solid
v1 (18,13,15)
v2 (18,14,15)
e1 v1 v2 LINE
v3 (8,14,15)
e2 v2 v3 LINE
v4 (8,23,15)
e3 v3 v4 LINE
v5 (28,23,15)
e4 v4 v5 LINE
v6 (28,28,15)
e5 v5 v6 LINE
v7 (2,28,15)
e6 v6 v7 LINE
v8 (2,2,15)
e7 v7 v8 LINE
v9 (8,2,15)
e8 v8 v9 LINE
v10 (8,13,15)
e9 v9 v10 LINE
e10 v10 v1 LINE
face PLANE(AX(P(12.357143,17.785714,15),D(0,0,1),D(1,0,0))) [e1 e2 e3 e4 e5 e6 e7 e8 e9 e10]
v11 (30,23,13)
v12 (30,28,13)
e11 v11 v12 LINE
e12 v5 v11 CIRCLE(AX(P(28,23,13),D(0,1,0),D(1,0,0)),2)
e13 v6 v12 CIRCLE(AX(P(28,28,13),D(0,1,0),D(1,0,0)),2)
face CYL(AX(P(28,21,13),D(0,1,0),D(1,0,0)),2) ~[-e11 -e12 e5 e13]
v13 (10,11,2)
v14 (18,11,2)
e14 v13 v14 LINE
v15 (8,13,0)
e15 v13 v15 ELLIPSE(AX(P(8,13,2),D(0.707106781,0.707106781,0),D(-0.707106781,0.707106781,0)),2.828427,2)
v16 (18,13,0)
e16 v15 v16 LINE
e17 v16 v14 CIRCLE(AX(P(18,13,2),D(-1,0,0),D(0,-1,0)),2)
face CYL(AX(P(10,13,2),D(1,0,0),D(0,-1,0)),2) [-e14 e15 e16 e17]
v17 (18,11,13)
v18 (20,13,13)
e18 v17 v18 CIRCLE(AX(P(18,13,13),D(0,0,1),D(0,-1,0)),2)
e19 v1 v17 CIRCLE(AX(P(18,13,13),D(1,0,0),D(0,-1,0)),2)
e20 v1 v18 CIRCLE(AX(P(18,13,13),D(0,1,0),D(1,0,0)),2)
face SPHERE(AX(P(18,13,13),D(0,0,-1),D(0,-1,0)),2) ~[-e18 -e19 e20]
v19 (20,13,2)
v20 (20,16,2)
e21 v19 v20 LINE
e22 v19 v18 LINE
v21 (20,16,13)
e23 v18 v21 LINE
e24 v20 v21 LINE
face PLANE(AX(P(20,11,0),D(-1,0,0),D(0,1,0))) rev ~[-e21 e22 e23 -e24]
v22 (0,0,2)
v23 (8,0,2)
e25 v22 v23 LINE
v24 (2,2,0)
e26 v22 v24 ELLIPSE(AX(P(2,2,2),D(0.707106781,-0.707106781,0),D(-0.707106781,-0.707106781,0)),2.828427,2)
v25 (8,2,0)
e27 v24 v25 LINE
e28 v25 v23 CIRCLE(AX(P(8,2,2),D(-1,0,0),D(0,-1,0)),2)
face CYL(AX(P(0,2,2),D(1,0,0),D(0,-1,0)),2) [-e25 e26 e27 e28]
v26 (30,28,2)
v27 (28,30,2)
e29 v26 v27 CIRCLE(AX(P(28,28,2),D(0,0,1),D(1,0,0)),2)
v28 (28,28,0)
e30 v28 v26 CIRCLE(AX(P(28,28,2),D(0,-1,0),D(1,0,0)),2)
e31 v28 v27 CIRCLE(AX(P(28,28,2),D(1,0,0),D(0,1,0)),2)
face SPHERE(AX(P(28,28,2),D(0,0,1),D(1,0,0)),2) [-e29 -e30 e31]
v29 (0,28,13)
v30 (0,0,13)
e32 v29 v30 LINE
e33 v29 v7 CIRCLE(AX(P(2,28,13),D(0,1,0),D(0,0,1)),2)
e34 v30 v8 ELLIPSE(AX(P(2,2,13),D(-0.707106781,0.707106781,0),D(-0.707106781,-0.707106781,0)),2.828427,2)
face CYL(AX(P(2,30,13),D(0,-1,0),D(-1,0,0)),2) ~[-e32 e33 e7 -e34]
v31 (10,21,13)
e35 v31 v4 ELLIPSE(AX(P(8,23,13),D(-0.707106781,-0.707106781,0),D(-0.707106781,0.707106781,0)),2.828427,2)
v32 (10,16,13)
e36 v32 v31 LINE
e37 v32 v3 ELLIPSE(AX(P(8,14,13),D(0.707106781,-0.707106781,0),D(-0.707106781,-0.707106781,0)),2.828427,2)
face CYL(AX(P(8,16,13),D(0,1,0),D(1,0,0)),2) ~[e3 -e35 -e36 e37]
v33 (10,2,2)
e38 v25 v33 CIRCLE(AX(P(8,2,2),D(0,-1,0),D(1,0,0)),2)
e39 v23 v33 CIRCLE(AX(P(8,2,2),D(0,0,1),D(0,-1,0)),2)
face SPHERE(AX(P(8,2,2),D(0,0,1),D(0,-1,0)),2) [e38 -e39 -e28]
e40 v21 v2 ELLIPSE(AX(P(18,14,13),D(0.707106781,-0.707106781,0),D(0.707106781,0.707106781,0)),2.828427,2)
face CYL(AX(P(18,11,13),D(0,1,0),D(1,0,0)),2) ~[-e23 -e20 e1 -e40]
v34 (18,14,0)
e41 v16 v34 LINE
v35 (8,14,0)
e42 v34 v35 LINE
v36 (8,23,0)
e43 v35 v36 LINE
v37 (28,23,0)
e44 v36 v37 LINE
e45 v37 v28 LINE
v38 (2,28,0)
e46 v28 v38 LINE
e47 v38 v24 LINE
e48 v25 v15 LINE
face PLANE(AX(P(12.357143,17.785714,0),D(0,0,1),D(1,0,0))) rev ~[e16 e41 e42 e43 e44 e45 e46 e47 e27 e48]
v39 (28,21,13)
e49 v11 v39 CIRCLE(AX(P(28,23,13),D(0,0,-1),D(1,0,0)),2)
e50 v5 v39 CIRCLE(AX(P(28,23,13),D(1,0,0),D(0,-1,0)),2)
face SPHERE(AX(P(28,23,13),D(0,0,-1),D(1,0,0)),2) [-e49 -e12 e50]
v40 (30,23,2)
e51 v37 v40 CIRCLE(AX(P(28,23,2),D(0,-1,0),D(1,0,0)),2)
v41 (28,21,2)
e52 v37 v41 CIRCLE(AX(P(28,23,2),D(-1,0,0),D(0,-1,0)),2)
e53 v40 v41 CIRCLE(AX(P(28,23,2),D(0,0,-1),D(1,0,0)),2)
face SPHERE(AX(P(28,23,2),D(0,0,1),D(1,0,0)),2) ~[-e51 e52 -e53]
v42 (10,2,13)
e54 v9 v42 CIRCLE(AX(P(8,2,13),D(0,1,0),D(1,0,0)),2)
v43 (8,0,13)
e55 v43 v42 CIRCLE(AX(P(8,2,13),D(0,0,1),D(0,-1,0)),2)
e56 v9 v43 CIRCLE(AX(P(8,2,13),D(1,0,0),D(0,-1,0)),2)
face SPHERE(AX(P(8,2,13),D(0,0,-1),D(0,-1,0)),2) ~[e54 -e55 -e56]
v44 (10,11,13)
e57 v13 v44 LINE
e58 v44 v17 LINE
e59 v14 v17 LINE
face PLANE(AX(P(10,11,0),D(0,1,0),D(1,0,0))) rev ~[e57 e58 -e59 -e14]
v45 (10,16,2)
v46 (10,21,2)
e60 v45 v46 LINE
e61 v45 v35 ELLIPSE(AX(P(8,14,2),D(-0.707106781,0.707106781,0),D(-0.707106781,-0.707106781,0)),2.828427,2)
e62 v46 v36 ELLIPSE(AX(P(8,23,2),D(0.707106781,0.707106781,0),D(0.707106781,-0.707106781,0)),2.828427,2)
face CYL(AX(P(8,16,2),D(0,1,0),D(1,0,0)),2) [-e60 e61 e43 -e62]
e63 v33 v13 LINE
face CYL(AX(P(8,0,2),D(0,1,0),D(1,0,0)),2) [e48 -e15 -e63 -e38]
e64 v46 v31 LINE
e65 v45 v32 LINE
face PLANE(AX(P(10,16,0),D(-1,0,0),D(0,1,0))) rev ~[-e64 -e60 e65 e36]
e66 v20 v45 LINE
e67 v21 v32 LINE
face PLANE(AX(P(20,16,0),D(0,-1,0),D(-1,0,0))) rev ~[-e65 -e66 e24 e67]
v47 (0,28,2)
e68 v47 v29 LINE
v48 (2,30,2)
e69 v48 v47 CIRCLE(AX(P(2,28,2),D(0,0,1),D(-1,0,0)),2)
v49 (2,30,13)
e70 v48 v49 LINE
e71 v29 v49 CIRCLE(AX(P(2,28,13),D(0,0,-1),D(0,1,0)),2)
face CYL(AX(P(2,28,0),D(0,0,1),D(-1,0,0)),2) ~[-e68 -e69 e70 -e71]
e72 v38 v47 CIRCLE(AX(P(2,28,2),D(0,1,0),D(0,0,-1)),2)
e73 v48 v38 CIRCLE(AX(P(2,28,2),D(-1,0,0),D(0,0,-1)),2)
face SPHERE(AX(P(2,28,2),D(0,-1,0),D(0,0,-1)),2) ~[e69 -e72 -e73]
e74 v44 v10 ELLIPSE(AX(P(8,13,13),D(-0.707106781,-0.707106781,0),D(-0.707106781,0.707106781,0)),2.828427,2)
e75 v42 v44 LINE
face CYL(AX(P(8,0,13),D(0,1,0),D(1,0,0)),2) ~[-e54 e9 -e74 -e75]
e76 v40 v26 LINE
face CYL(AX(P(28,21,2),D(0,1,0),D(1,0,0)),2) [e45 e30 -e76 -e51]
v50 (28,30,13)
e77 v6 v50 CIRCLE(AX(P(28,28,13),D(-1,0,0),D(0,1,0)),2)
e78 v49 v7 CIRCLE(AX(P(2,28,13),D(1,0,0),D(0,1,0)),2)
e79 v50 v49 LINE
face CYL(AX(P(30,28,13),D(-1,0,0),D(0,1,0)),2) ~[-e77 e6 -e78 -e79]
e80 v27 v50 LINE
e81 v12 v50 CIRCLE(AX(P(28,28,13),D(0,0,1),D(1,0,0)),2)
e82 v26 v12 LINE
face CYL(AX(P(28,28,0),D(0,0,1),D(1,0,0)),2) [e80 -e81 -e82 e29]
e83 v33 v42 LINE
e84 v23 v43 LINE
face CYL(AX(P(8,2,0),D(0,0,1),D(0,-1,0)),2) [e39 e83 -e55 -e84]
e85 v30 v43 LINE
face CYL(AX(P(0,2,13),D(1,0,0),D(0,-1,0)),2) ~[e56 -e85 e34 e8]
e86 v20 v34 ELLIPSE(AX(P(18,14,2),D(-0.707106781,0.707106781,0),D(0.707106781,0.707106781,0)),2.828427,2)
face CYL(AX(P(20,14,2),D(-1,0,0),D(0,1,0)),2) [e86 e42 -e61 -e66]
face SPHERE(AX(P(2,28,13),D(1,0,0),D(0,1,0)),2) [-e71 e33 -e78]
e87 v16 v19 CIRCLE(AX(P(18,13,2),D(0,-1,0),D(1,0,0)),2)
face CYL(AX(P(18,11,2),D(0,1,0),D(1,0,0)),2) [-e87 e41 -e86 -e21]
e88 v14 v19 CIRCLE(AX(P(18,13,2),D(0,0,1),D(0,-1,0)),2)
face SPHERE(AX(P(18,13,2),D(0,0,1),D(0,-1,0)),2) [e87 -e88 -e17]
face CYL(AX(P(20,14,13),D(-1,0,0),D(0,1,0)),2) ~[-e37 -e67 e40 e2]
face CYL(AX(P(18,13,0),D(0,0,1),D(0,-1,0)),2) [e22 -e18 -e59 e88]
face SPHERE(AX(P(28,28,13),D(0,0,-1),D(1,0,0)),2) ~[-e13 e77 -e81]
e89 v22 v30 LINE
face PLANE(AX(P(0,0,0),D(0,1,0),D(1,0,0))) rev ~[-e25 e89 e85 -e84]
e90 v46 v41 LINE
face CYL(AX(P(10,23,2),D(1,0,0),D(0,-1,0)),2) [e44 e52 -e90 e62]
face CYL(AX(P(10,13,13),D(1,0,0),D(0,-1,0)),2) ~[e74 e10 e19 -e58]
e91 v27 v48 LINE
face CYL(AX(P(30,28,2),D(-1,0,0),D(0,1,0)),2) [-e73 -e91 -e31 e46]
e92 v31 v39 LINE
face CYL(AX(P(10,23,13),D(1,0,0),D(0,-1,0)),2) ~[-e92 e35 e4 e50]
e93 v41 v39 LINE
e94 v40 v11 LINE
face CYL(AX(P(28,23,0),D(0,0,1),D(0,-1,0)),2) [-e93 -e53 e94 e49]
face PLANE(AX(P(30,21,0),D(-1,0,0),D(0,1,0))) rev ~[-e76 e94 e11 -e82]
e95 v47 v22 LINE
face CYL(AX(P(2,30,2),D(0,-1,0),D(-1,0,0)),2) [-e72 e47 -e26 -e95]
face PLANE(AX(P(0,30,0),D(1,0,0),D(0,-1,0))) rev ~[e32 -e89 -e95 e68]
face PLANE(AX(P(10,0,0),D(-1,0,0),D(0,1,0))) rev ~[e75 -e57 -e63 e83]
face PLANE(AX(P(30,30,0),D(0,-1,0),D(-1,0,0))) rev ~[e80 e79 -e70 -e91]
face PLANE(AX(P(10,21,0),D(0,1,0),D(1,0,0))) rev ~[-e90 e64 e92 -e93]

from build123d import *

# Parameters (mm, degrees)
F1_DEPTH = 15
F2_R     = 2


with BuildPart() as f1:
    # F0 (on Top) → F1 (new body)
    with BuildSketch(Plane.XY):
        Polygon((0, 30), (0, 0), (10, 0), (10, 11), (20, 11), (20, 16), (10, 16), (10, 21), (30, 21), (30, 30), align=None)
    extrude(amount=F1_DEPTH)

    # F2
    f2_edges = [f1.edges().sort_by_distance(p)[0] for p in [
        (30, 21, 7.5),
        (30, 30, 7.5),
        (30, 25.5, 0),
        (30, 25.5, 15),
        (20, 11, 7.5),
        (10, 0, 7.5),
        (20, 21, 0),
        (15, 30, 15),
        (0, 15, 0),
        (5, 0, 0),
        (10, 5.5, 0),
        (15, 11, 0),
        (20, 13.5, 0),
        (15, 16, 0),
        (10, 18.5, 0),
        (15, 30, 0),
        (0, 30, 7.5),
        (0, 15, 15),
        (5, 0, 15),
        (10, 5.5, 15),
        (15, 11, 15),
        (20, 13.5, 15),
        (15, 16, 15),
        (10, 18.5, 15),
        (20, 21, 15),
    ]]
    fillet(f2_edges, radius=F2_R)


solid = f1.part
